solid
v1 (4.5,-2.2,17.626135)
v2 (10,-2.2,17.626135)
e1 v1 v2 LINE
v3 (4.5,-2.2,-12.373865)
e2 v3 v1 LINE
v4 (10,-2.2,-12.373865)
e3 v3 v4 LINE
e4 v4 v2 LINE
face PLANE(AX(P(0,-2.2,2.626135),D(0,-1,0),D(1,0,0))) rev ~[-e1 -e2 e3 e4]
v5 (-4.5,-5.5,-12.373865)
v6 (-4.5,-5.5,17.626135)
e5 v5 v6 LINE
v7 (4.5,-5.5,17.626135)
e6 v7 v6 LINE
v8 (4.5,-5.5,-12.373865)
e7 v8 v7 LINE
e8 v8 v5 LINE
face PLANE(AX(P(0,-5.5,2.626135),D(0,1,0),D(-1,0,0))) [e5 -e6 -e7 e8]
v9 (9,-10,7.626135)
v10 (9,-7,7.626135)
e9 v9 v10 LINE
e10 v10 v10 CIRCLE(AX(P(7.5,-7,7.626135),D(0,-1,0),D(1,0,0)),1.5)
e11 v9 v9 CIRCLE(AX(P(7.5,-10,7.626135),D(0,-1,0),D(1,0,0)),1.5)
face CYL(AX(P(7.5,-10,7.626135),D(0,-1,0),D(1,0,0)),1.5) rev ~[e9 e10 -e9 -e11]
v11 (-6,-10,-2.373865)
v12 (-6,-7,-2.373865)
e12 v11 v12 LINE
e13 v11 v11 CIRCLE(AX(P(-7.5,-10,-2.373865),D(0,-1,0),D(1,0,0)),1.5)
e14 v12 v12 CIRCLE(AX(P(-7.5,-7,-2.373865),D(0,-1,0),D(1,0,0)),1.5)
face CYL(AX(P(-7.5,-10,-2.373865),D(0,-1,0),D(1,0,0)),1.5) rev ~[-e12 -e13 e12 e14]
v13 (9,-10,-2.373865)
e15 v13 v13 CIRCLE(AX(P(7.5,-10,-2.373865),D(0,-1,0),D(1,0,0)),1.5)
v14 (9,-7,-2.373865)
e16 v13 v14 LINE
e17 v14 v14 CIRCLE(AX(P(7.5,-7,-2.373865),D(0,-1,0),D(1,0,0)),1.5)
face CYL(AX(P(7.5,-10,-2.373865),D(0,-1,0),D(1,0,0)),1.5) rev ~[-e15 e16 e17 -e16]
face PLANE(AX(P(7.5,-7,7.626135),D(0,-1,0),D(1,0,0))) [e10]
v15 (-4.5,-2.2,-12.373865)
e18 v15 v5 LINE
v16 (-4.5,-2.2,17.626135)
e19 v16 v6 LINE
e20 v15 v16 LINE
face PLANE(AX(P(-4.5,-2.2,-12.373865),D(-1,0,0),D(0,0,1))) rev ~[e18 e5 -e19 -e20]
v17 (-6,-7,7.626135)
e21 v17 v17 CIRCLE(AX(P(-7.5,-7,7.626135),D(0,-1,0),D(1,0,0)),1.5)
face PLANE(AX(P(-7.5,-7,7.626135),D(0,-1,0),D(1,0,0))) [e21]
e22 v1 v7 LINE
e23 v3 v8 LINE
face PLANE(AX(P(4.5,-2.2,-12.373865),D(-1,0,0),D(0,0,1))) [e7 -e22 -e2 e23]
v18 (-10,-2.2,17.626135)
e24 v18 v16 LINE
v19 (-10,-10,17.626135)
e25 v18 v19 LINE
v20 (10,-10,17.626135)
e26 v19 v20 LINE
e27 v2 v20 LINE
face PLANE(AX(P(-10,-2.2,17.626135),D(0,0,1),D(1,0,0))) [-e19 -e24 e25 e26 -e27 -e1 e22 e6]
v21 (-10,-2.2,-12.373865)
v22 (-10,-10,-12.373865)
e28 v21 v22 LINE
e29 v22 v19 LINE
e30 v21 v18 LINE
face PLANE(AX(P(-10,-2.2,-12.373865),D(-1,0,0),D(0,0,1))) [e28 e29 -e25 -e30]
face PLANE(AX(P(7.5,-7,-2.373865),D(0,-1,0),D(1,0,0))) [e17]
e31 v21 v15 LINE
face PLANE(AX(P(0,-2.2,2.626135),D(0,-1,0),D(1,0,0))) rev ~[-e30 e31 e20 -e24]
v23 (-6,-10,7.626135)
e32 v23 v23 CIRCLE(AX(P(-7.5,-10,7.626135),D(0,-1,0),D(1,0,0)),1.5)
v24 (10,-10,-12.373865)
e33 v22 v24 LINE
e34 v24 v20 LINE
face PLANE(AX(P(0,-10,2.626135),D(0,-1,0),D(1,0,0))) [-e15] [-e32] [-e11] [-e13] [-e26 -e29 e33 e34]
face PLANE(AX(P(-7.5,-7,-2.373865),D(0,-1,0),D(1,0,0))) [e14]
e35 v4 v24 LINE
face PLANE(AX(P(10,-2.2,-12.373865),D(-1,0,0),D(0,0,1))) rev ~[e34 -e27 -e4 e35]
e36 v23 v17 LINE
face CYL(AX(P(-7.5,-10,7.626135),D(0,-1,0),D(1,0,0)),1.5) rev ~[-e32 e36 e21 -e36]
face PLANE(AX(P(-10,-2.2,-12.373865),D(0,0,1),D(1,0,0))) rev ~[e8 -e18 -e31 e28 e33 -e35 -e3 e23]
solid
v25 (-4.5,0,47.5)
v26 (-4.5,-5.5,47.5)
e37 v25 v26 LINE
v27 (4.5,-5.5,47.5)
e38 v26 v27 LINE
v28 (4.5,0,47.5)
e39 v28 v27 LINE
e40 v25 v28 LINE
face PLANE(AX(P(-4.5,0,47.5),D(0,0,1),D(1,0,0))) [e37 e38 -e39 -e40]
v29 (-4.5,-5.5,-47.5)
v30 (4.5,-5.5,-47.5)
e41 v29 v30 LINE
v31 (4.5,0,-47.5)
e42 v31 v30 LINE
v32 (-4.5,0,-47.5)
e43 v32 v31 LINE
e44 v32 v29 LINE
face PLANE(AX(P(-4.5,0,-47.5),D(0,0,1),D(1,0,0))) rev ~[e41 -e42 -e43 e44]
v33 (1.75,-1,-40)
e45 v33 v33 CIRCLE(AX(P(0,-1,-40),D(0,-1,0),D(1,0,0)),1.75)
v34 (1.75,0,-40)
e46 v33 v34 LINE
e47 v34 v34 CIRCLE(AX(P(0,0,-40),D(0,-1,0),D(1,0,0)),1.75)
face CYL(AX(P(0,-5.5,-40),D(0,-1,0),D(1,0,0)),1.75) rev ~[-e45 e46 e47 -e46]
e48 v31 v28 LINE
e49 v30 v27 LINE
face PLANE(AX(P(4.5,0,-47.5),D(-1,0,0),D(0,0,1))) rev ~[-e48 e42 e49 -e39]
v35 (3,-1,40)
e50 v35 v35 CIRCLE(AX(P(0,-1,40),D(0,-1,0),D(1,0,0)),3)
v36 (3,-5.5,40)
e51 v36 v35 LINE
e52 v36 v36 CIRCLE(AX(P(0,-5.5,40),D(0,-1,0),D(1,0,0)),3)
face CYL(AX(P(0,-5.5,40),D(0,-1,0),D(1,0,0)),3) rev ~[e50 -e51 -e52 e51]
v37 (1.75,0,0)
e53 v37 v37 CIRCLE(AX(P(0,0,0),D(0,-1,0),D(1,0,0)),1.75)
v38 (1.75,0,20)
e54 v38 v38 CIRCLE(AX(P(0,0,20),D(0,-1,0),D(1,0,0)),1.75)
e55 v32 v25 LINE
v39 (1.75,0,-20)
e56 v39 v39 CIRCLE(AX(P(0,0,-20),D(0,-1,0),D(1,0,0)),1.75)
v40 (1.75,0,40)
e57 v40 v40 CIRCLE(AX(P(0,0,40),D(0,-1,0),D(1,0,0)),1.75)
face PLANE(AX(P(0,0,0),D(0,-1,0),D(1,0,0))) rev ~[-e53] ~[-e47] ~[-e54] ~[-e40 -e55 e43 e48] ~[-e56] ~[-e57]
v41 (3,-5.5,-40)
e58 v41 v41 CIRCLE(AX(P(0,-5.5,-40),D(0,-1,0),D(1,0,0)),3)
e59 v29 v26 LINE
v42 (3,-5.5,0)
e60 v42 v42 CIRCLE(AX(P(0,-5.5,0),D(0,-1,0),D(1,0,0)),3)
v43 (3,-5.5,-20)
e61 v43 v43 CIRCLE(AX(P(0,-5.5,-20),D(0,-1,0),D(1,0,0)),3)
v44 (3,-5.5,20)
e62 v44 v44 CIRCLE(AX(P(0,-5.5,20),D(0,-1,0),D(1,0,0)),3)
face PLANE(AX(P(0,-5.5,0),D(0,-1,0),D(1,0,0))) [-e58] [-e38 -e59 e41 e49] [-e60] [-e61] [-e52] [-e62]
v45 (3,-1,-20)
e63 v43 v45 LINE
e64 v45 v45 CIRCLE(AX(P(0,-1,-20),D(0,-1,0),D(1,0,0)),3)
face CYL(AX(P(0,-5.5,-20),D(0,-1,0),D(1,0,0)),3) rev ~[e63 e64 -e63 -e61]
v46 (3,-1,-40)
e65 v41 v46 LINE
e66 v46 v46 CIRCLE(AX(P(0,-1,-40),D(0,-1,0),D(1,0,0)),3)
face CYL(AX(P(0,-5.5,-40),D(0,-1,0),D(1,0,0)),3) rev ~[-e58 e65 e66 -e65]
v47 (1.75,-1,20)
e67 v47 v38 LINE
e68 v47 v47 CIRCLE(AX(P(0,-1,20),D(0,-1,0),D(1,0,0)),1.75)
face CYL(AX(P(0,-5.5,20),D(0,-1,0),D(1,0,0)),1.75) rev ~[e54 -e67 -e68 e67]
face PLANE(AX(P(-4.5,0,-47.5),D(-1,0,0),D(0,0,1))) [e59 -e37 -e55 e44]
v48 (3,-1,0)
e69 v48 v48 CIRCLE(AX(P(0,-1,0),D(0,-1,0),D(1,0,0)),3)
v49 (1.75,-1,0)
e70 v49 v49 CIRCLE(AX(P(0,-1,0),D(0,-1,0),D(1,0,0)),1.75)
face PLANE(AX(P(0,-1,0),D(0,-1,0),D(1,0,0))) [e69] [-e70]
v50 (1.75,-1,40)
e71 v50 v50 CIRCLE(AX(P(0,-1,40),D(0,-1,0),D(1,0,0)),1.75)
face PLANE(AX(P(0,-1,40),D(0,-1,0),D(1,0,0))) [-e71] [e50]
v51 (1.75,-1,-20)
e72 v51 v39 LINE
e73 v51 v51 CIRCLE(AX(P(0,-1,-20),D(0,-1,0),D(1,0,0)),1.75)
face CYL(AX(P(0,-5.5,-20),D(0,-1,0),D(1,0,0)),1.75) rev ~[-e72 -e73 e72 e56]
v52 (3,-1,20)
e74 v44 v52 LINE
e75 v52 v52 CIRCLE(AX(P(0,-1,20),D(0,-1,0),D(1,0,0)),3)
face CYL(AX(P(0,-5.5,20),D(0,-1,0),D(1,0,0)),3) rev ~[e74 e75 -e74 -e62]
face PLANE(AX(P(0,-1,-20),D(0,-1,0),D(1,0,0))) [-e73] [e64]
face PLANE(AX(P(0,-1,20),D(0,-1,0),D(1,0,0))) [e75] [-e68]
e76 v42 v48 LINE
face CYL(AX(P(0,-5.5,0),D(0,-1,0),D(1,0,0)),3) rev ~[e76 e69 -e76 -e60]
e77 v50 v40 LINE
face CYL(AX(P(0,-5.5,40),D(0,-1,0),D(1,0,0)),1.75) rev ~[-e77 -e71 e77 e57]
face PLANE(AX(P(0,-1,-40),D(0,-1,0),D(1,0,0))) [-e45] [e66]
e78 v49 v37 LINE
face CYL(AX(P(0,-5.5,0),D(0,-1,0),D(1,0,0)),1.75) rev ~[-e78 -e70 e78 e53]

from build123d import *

# Parameters (mm, degrees)
F0_W      = 9
F0_H      = 95
F1_DEPTH  = 5.5
F2_R      = 1.75
F3_DEPTH  = 5.501
F2_R_2    = 3
F4_DEPTH  = 4.5
F6_W      = 20
F6_H      = 30
F7_DEPTH  = 7.8
F8_W      = 9
F8_H      = 30
F9_DEPTH  = 3.3
F10_R     = 1.5
F11_DEPTH = 3


with BuildPart() as f1:
    # F0 (on Front) → F1 (new body)
    with BuildSketch(Plane.XZ):
        Rectangle(F0_W, F0_H)
    extrude(amount=F1_DEPTH)

    # F2 (on face) → F3 (cut, through all)
    with BuildSketch(Plane.XZ.offset(5.5)):
        with Locations((0, 20)):
            Circle(F2_R)
        with Locations((0, 40)):
            Circle(F2_R)
        Circle(F2_R)
        with Locations((0, -20)):
            Circle(F2_R)
        with Locations((0, -40)):
            Circle(F2_R)
    extrude(amount=-F3_DEPTH, mode=Mode.SUBTRACT)

    # F2 (on face) → F4 (cut)
    with BuildSketch(Plane.XZ.offset(5.5)):
        with Locations((0, 40)):
            Circle(F2_R_2)
        with Locations((0, 40)):
            Circle(F2_R, mode=Mode.SUBTRACT)
        with Locations((0, 20)):
            Circle(F2_R_2)
        with Locations((0, 20)):
            Circle(F2_R, mode=Mode.SUBTRACT)
        Circle(F2_R_2)
        Circle(F2_R, mode=Mode.SUBTRACT)
        with Locations((0, -20)):
            Circle(F2_R_2)
        with Locations((0, -20)):
            Circle(F2_R, mode=Mode.SUBTRACT)
        with Locations((0, -40)):
            Circle(F2_R_2)
        with Locations((0, -40)):
            Circle(F2_R, mode=Mode.SUBTRACT)
    extrude(amount=-F4_DEPTH, mode=Mode.SUBTRACT)


with BuildPart() as f7:
    # F6 (on offset) → F7 (new body)
    with BuildSketch(Plane.XZ.offset(2.2)):
        with Locations((0, 2.6261353493)):
            Rectangle(F6_W, F6_H)
    extrude(amount=F7_DEPTH)

    # F8 (on face) → F9 (cut, through all)
    with BuildSketch(Plane(origin=(0, -2.2, 0), x_dir=(-1, 0, 0), z_dir=(0, 1, 0))):
        with Locations((0, 2.6261353493)):
            Rectangle(F8_W, F8_H)
    extrude(amount=-F9_DEPTH, mode=Mode.SUBTRACT)

    # F10 (on face) → F11 (cut)
    with BuildSketch(Plane.XZ.offset(10)):
        with Locations((-7.5, 7.6261353493)):
            Circle(F10_R)
        with Locations((7.5, 7.6261353493)):
            Circle(F10_R)
        with Locations((7.5, -2.3738646507)):
            Circle(F10_R)
        with Locations((-7.5, -2.3738646507)):
            Circle(F10_R)
    extrude(amount=-F11_DEPTH, mode=Mode.SUBTRACT)


solid = Compound([f1.part, f7.part])
